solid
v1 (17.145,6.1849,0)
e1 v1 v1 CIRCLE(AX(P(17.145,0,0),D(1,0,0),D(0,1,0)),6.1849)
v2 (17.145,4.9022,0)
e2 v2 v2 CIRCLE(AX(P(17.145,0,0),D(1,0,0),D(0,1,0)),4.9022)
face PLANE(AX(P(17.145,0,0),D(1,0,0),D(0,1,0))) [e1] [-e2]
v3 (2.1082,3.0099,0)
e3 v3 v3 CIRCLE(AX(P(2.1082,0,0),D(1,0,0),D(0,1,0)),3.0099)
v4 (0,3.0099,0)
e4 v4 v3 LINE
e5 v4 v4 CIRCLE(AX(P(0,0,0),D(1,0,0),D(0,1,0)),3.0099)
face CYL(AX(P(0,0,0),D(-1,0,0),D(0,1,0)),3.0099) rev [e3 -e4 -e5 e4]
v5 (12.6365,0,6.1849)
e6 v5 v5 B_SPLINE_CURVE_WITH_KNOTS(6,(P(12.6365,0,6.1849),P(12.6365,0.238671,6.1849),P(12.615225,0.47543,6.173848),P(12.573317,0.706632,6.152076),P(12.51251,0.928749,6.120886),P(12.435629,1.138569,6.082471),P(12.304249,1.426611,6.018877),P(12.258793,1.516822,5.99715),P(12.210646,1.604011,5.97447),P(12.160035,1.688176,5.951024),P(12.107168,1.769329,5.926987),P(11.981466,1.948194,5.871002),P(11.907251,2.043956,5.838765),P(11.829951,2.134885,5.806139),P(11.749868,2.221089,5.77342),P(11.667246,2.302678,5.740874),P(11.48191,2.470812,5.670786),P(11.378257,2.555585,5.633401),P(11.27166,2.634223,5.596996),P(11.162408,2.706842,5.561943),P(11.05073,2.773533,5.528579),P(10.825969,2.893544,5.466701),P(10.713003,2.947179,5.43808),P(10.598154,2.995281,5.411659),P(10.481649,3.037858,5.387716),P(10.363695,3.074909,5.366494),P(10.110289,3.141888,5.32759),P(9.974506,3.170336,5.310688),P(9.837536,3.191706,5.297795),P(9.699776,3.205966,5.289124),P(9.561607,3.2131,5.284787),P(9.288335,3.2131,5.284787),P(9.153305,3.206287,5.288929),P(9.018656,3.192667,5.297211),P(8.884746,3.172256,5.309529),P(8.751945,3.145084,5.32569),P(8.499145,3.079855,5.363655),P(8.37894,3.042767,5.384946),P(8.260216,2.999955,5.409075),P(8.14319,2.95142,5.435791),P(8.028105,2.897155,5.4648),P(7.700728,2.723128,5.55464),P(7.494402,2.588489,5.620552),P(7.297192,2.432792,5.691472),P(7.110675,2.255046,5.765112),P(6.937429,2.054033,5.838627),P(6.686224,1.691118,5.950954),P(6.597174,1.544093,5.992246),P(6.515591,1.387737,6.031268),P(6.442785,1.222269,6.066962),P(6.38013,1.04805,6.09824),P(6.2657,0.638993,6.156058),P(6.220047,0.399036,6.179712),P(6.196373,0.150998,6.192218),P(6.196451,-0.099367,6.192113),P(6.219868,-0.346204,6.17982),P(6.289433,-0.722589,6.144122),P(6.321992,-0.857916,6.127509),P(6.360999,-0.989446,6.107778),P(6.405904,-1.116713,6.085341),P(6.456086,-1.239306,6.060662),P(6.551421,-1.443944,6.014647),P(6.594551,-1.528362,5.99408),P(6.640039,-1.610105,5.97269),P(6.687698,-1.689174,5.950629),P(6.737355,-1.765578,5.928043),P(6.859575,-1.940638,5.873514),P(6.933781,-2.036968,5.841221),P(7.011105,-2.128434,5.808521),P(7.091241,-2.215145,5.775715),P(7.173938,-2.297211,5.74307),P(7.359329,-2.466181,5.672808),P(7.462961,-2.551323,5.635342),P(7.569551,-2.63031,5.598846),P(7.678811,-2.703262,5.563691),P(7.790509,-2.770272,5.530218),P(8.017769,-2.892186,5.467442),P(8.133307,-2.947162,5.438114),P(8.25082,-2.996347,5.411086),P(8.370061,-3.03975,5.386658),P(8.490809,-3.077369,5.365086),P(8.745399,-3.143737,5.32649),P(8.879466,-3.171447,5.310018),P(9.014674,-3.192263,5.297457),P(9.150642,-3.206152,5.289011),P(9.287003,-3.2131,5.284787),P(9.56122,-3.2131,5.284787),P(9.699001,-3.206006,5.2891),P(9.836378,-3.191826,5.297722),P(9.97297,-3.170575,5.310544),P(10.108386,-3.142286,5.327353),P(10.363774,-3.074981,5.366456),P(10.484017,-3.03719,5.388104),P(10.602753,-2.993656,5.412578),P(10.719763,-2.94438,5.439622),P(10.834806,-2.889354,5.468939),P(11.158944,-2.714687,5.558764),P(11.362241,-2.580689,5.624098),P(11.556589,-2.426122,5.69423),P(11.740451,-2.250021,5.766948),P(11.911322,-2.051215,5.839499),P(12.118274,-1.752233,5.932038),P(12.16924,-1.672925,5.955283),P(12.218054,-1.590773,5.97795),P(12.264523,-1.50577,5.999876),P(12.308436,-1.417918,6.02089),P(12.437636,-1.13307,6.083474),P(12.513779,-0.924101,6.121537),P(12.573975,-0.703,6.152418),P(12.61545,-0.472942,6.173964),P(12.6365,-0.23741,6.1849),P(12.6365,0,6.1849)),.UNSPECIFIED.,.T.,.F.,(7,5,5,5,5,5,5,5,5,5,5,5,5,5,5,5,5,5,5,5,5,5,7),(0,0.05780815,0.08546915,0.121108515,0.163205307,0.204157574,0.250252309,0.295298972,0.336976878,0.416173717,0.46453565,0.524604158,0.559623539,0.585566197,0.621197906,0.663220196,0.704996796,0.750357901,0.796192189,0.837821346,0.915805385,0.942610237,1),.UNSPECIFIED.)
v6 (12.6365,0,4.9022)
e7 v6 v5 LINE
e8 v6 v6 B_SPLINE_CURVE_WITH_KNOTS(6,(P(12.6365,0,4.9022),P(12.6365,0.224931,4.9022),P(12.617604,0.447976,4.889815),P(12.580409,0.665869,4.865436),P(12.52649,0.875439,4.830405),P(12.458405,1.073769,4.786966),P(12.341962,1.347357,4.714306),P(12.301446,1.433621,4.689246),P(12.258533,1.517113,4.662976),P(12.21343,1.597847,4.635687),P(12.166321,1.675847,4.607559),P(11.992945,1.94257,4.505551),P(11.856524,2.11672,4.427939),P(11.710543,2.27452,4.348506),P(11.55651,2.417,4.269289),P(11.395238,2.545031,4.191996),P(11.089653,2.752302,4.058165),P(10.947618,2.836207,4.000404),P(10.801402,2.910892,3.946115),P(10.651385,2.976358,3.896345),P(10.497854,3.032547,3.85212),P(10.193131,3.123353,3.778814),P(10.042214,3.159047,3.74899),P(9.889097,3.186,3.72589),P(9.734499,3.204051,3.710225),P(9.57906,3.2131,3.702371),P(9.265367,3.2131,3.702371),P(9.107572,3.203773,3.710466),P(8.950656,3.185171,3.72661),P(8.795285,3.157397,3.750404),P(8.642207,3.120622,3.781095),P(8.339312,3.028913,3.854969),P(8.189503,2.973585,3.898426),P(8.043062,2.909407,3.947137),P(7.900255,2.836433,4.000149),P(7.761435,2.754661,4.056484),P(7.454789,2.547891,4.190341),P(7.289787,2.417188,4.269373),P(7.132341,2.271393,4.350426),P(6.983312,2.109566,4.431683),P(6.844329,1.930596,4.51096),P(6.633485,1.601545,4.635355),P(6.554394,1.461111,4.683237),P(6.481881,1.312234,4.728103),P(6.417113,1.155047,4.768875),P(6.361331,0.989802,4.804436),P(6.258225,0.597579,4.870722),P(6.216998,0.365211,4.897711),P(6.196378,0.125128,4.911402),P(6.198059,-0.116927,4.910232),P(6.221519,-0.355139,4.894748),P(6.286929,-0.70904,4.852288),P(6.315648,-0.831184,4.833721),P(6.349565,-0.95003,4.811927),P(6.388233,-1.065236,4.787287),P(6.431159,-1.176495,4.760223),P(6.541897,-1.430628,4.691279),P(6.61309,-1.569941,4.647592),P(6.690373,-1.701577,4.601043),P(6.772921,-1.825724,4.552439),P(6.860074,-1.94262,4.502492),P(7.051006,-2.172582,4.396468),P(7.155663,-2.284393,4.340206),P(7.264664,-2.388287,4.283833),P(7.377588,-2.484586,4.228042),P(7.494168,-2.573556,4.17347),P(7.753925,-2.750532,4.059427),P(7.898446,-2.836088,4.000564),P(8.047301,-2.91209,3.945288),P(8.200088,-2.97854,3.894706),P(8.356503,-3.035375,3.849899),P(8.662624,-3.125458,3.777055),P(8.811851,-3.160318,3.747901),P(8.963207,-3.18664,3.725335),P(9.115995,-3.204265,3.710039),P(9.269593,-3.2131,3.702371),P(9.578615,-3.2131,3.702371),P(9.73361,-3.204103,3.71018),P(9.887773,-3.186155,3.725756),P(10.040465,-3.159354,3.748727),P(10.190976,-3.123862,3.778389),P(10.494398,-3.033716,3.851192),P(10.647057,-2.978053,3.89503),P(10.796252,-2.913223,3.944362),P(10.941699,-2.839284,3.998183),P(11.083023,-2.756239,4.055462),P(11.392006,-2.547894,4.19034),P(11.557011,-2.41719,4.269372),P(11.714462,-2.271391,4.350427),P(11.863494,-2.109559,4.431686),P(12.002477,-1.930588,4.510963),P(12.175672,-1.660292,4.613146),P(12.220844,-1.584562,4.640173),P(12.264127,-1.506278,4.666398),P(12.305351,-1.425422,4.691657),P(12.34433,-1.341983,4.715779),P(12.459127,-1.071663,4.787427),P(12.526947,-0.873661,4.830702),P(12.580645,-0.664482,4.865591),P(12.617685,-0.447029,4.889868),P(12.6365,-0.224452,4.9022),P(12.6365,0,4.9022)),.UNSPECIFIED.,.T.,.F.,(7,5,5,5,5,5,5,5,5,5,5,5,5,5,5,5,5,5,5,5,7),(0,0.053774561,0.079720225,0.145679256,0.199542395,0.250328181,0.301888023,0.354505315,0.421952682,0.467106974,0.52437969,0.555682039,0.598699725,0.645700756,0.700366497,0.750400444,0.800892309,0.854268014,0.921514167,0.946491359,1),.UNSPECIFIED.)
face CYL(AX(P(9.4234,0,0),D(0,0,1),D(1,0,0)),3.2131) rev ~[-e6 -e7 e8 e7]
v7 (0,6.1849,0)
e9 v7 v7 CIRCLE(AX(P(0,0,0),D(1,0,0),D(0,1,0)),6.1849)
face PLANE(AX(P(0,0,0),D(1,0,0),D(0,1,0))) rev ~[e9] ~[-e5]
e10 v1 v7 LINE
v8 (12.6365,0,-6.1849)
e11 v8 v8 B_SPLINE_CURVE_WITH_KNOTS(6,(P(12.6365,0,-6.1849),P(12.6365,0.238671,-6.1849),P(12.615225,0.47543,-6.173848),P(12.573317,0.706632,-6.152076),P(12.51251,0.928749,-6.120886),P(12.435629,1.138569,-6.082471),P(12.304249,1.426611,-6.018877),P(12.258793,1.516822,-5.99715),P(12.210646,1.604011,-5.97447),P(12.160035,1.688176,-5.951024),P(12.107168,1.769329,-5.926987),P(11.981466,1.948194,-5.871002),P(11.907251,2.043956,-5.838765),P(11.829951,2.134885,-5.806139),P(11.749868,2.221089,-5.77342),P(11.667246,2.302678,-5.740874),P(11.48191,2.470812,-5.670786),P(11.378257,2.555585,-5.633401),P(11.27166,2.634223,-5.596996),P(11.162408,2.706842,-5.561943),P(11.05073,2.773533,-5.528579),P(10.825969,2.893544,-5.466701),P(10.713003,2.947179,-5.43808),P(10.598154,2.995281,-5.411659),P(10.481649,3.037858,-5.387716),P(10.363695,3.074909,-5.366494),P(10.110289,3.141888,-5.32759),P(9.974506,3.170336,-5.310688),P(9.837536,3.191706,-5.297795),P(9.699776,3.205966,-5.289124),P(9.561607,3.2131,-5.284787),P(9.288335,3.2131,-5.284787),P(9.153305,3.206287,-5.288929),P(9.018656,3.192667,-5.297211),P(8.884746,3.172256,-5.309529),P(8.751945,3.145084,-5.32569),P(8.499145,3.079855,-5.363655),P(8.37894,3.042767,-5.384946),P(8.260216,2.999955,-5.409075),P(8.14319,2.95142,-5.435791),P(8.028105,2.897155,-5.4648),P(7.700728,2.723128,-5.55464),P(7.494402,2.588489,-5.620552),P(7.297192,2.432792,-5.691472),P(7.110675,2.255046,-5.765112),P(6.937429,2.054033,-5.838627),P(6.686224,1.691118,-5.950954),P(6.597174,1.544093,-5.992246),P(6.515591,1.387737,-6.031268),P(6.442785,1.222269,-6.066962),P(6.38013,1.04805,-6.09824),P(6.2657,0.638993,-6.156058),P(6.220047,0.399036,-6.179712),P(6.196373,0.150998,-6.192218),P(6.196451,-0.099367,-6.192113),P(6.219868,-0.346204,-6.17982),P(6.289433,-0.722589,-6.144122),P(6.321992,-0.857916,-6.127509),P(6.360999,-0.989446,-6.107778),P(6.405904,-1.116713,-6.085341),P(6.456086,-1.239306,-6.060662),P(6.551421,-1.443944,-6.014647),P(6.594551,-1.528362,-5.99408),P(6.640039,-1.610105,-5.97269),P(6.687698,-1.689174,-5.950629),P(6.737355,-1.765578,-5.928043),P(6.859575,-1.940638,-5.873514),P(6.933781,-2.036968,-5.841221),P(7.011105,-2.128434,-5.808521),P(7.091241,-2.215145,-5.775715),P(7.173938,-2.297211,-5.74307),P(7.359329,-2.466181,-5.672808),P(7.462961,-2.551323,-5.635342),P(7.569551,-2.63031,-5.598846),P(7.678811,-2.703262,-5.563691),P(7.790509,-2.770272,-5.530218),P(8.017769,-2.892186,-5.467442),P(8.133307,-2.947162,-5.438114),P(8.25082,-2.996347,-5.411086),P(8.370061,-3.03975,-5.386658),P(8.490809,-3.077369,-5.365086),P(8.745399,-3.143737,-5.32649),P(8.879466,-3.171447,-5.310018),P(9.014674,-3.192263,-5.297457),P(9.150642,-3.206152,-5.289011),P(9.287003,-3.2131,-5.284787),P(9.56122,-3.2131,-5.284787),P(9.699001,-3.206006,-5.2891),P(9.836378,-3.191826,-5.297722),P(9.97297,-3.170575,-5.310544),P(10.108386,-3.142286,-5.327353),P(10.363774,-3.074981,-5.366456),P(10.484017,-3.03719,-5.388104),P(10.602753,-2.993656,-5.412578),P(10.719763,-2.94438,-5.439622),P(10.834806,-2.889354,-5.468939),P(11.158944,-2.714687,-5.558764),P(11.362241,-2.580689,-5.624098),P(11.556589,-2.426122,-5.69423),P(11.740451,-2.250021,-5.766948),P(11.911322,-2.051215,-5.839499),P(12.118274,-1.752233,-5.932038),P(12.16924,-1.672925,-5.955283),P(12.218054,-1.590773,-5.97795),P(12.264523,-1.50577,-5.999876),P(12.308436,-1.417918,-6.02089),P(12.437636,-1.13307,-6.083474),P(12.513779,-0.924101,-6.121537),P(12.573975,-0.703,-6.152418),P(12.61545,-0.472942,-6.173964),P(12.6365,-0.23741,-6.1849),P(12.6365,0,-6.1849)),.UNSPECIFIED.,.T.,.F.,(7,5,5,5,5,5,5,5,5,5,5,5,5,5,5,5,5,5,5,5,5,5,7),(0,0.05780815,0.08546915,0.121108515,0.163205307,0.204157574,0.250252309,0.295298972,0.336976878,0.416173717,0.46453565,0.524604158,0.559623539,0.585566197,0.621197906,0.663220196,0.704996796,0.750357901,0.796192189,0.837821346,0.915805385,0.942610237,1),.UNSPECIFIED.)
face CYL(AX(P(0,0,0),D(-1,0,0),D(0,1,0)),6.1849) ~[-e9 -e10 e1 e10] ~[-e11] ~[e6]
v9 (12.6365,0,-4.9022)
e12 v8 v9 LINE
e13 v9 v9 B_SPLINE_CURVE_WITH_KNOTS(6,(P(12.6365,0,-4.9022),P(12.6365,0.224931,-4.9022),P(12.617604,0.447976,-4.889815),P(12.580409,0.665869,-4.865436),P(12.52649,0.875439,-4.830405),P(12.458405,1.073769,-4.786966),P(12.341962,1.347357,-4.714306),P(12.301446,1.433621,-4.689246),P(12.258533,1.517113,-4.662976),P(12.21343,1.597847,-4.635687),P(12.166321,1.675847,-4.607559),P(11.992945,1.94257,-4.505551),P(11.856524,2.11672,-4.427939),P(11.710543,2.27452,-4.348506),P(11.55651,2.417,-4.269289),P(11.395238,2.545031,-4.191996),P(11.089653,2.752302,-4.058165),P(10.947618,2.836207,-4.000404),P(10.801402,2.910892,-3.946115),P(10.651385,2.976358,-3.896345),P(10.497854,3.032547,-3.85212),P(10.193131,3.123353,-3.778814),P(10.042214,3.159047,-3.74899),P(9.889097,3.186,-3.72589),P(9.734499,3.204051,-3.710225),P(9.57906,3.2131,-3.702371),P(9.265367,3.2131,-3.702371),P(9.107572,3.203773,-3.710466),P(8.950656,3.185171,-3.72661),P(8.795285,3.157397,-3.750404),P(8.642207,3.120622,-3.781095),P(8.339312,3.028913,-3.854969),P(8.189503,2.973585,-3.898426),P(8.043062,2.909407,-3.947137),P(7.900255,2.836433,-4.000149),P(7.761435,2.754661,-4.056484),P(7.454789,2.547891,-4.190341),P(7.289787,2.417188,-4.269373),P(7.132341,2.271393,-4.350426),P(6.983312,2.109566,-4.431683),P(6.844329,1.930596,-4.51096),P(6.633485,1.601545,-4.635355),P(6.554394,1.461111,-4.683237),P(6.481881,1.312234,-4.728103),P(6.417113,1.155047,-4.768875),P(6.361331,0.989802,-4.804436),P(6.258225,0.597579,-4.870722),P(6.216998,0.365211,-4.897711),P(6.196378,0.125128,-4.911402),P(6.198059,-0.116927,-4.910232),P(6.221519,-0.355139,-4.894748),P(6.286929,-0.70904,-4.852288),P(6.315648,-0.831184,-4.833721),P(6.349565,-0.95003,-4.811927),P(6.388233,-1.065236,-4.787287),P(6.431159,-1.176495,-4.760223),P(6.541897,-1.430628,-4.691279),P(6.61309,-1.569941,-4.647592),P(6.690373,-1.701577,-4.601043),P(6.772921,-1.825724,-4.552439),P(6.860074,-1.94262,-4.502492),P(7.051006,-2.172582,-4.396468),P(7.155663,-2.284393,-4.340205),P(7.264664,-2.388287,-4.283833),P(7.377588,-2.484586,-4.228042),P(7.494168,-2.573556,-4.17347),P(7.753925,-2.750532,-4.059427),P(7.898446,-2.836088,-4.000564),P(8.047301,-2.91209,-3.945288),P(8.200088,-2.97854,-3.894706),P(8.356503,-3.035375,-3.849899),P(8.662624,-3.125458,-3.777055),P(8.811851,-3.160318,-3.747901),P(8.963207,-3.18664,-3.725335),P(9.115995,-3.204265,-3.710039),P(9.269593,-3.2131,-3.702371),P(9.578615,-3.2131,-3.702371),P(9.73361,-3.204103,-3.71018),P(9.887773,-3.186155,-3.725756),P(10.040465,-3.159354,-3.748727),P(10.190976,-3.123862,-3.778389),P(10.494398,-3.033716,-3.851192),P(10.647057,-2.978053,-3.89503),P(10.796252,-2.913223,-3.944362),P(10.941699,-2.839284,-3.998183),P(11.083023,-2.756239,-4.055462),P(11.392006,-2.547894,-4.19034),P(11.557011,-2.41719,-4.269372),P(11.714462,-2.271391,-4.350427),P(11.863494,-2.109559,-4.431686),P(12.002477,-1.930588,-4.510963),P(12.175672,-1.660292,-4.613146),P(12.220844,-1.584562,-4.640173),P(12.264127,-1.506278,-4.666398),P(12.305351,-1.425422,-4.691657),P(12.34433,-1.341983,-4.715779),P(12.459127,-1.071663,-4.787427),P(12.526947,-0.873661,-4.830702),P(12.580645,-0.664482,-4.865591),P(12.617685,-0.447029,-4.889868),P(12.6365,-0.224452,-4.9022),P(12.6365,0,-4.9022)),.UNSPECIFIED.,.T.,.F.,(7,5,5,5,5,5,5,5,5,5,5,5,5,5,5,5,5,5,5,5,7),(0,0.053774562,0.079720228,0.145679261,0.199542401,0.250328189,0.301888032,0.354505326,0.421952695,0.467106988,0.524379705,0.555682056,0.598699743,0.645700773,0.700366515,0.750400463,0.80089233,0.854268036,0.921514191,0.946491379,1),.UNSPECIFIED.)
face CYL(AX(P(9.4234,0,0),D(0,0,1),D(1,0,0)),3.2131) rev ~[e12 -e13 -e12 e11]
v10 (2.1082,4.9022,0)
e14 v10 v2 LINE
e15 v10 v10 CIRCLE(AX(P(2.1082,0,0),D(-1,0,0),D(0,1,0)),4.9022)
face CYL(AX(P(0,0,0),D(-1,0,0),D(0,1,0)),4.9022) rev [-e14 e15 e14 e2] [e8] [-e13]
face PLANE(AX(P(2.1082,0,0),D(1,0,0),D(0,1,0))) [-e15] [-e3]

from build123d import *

# Parameters (mm, degrees)
F0_R     = 6.1849
F0_R_2   = 4.9022
F0_R_3   = 3.0099
F1_DEPTH = 2.1082
F2_DEPTH = 17.145
F3_R     = 3.2131
F4_DEPTH = 12.7


with BuildPart() as f1:
    # F0 (on Right) → F1 (new body)
    with BuildSketch(Plane.YZ):
        Circle(F0_R)
        Circle(F0_R_2, mode=Mode.SUBTRACT)
        Circle(F0_R_2)
        Circle(F0_R_3, mode=Mode.SUBTRACT)
    extrude(amount=F1_DEPTH)

    # F0 (on Right) → F2 (join)
    with BuildSketch(Plane.YZ):
        Circle(F0_R)
        Circle(F0_R_2, mode=Mode.SUBTRACT)
    extrude(amount=F2_DEPTH)

    # F3 (on Top) → F4 (cut, symmetric)
    with BuildSketch(Plane.XY):
        with Locations((9.4234, 0)):
            Circle(F3_R)
    extrude(amount=F4_DEPTH, both=True, mode=Mode.SUBTRACT)


solid = f1.part
